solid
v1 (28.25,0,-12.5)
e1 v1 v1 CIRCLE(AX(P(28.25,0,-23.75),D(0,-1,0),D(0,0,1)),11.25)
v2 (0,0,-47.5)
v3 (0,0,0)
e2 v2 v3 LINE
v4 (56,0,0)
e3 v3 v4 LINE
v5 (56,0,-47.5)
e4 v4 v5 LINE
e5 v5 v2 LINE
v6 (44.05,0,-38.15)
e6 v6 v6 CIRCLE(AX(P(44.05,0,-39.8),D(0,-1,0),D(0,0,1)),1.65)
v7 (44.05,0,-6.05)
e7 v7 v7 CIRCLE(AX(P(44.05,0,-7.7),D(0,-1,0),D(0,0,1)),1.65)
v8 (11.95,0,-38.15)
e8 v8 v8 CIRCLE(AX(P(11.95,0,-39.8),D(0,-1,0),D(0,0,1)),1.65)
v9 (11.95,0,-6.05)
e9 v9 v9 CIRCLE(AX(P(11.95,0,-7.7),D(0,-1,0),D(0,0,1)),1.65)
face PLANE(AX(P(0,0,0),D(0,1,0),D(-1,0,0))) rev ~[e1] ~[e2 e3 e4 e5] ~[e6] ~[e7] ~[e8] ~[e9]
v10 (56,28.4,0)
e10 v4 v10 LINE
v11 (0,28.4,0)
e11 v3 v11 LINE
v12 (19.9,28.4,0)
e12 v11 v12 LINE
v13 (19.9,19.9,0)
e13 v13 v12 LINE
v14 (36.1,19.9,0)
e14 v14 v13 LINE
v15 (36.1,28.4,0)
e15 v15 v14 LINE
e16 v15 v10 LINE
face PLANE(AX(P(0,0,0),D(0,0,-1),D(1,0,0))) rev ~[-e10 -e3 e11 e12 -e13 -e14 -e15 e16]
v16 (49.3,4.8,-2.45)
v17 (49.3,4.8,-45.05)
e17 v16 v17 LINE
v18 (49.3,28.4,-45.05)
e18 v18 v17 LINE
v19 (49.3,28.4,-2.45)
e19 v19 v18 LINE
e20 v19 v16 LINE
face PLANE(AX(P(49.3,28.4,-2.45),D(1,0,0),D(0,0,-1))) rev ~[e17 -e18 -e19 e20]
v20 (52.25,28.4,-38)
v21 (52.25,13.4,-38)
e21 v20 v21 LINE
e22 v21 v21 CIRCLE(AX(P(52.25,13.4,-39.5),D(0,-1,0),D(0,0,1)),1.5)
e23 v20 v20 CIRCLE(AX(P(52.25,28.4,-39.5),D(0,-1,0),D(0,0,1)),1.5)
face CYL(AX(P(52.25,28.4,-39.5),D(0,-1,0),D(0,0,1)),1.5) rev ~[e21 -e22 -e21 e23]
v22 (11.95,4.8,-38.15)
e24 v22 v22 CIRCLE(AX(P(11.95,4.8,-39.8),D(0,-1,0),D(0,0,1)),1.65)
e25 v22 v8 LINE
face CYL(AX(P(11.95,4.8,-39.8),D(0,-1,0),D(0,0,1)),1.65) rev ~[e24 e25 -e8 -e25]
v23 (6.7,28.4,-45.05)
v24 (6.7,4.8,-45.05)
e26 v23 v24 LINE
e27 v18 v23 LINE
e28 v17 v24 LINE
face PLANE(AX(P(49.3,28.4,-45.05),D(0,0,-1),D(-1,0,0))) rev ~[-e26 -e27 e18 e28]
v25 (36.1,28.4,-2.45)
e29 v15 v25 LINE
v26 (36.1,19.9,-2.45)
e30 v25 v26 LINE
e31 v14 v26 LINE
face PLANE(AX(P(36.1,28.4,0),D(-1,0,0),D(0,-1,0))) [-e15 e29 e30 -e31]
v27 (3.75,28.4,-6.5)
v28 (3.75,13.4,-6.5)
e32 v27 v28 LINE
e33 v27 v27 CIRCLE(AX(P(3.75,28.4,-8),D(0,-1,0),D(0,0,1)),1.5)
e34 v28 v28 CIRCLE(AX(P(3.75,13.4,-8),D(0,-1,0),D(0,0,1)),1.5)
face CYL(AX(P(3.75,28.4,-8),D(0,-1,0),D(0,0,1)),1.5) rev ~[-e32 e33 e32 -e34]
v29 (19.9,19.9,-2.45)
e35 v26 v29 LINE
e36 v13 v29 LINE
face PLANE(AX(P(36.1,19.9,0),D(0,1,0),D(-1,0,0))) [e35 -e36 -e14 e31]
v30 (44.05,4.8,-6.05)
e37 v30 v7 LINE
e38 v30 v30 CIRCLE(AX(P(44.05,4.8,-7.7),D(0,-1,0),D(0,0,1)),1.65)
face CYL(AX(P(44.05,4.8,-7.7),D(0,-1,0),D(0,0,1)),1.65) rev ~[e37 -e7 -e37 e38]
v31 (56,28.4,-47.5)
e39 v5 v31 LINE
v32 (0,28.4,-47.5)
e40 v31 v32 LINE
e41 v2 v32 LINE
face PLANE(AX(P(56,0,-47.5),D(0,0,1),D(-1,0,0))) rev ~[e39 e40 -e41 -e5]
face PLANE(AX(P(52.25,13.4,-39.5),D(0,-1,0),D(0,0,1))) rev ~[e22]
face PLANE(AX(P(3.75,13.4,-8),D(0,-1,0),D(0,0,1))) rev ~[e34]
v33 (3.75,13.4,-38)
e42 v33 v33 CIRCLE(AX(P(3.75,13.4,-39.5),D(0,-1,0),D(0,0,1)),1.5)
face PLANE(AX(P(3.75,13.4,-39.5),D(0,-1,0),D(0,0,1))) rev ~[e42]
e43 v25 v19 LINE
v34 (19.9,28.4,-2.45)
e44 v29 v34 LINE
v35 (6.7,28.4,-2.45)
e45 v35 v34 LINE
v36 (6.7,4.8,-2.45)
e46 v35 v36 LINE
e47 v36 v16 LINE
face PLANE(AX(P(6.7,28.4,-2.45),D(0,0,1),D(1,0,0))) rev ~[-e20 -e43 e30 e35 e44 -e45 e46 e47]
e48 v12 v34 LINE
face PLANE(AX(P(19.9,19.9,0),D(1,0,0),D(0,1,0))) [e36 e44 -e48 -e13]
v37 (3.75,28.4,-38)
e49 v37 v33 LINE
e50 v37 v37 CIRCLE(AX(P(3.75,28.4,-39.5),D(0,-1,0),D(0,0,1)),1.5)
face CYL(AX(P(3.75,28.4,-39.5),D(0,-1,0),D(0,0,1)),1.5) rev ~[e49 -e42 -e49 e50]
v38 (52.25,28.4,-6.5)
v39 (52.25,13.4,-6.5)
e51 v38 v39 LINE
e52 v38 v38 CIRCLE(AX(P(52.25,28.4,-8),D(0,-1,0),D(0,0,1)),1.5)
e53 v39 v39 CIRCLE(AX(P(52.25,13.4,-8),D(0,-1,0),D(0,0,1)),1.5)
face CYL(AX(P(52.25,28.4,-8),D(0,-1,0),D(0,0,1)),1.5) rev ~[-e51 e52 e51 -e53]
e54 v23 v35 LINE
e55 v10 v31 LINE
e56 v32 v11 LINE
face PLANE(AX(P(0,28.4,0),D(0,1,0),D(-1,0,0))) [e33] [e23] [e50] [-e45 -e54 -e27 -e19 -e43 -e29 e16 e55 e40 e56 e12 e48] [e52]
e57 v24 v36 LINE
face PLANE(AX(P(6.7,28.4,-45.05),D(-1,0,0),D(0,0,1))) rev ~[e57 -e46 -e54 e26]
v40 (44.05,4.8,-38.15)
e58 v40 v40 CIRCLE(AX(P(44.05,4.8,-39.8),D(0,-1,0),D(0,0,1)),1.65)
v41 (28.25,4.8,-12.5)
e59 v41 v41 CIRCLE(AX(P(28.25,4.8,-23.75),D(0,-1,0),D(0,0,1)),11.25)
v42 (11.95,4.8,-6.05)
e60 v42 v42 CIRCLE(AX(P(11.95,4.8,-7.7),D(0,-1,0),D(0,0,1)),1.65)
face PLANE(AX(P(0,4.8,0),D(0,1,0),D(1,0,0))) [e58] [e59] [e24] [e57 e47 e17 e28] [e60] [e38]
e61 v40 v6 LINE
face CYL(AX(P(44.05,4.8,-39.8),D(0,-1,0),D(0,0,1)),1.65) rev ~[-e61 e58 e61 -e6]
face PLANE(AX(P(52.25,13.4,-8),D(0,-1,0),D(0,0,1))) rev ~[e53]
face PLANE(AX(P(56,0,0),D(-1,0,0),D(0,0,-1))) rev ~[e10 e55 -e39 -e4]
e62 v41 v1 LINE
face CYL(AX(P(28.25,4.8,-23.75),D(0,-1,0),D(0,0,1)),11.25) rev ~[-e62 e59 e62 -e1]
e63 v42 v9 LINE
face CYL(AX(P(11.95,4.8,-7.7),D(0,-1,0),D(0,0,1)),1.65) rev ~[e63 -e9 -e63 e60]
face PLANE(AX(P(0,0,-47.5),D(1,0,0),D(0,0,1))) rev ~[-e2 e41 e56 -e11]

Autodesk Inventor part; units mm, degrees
ref_plane "YZ Plane" through (0, 0, 0) normal (1, 0, 0) x (0, 1, 0)
ref_plane "XZ Plane" through (0, 0, 0) normal (0, 1, 0) x (-1, 0, 0)
ref_plane "XY Plane" through (0, 0, 0) normal (0, 0, 1) x (1, 0, 0)
sketch "スケッチ1" plane through (0, 0, 0) normal (0, 1, 0) x (-1, 0, 0)
  line L0 (0, 0) -> (-56, 0)
  line L1 (-56, 0) -> (-56, -47.5)
  line L2 (-56, -47.5) -> (0, -47.5)
  line L3 (0, -47.5) -> (0, 0)
  line L4 (-7.5, -3) -> (-49, -3)
  line L5 (-49, -3) -> (-49, -44.5)
  line L6 (-49, -44.5) -> (-7.5, -44.5)
  line L7 (-7.5, -44.5) -> (-7.5, -3)
  dimension "d0" = 56
  dimension "d1" = 47.5
  dimension "d6" = 41.5
  dimension "d7" = 41.5
extrude "押し出し1" add sketch "スケッチ1" along normal blind 28.4 contours L3 L2 L1 L0 | L7 L6 L5 L4
ref_plane "作業平面2" through (0, 28.4, 0) normal (0, 1, 0) x (1, 0, 0)
sketch "スケッチ3" plane through (0, 28.4, 0) normal (0, 1, 0) x (1, 0, 0)
  line L0 (6.7, 2.45) -> (49.3, 2.45)
  line L1 (49.3, 2.45) -> (49.3, 45.05)
  line L2 (49.3, 45.05) -> (6.7, 45.05)
  line L3 (6.7, 45.05) -> (6.7, 2.45)
  line L4 (56, 47.5) -> (0, 47.5) projected
  line L5 (0, 0) -> (56, 0) projected
  line L6 (56, 0) -> (56, 47.5) projected
  point P0 (28, 45.05)
  point P1 (28, 47.5)
  point P2 (28, 0)
  point P3 (49.3, 23.75)
  point P4 (56, 23.75)
  point P5 (56, 23.75)
  dimension "d8" = 42.6
  dimension "d9" = 42.6
  dimension "d61" = 0
  dimension "d62" = 0
extrude "押し出し2" cut sketch "スケッチ3" against normal blind 23.6
sketch "スケッチ4" plane through (0, 4.8, 0) normal (0, 1, 0) x (1, 0, 0)
  line L0 (6.7, 2.45) -> (6.7, 45.05) projected
  line L1 (49.3, 45.05) -> (49.3, 2.45) projected
  line L2 (6.7, 45.05) -> (49.3, 45.05) projected
  point P0 (0, 0)
  point P1 (28.25, 23.75)
hole "穴1" at (28.25, 4.8, -23.75) direction (0, -1, 0) diameter 22.5 end through all
sketch "スケッチ5" plane through (0, 4.8, 0) normal (0, 1, 0) x (1, 0, 0)
  line L0 (6.7, 45.05) -> (49.3, 45.05) projected
  line L1 (6.7, 2.45) -> (6.7, 45.05) projected
  line L2 (49.3, 45.05) -> (49.3, 2.45) projected
  line L3 (49.3, 2.45) -> (6.7, 2.45) projected
  point P0 (0, 0)
  point P1 (11.95, 39.8)
  point P2 (44.05, 39.8)
  point P3 (44.05, 7.7)
  point P4 (11.95, 7.7)
  dimension "d23" = 5.25
  dimension "d24" = 5.25
  dimension "d25" = 5.25
  dimension "d26" = 5.25
  dimension "d27" = 5.25
  dimension "d28" = 5.25
  dimension "d29" = 5.25
  dimension "d30" = 5.25
hole "穴2" at (11.95, 4.8, -39.8) at (44.05, 4.8, -39.8) at (44.05, 4.8, -7.7) at (11.95, 4.8, -7.7) direction (0, -1, 0) diameter 3.3 end through all
sketch "スケッチ6" plane through (0, 28.4, 0) normal (0, 1, 0) x (1, 0, 0)
  line L0 (0, 47.5) -> (0, 0) projected
  line L1 (49.3, 45.05) -> (49.3, 2.45) projected
  line L2 (56, 47.5) -> (0, 47.5) projected
  line L3 (0, 0) -> (56, 0) projected
  line L4 (56, 0) -> (56, 47.5) projected
  line L5 (6.7, 2.45) -> (6.7, 45.05) projected
  point P0 (3.75, 39.5)
  point P1 (3.75, 8)
  point P2 (52.25, 8)
  point P3 (52.25, 39.5)
  dimension "d38" = 3.75
  dimension "d40" = 8
  dimension "d41" = 8
  dimension "d42" = 3.75
  dimension "d43" = 3.75
  dimension "d44" = 8
  dimension "d45" = 8
  dimension "d46" = 3.75
  dimension "d64" = 2.95
hole "穴3" at (3.75, 28.4, -39.5) at (3.75, 28.4, -8) at (52.25, 28.4, -8) at (52.25, 28.4, -39.5) direction (0, -1, 0) diameter 3 depth 15
sketch "スケッチ7" plane through (0, 0, 0) normal (0, 0, 1) x (1, 0, 0)
  line L0 (56, 28.4) -> (0, 28.4) projected
  line L1 (19.9, 28.4) -> (36.1, 28.4)
  line L2 (36.1, 28.4) -> (36.1, 19.9)
  line L3 (36.1, 19.9) -> (19.9, 19.9)
  line L4 (19.9, 19.9) -> (19.9, 28.4)
  line L5 (0, 0) -> (56, 0) projected
  point P0 (28, 19.9)
  point P1 (28, 0)
  dimension "d55" = 16.2
  dimension "d63" = 0
extrude "押し出し3" cut sketch "スケッチ7" against normal blind 3
properties part number "motor_case2_3D プリント"
